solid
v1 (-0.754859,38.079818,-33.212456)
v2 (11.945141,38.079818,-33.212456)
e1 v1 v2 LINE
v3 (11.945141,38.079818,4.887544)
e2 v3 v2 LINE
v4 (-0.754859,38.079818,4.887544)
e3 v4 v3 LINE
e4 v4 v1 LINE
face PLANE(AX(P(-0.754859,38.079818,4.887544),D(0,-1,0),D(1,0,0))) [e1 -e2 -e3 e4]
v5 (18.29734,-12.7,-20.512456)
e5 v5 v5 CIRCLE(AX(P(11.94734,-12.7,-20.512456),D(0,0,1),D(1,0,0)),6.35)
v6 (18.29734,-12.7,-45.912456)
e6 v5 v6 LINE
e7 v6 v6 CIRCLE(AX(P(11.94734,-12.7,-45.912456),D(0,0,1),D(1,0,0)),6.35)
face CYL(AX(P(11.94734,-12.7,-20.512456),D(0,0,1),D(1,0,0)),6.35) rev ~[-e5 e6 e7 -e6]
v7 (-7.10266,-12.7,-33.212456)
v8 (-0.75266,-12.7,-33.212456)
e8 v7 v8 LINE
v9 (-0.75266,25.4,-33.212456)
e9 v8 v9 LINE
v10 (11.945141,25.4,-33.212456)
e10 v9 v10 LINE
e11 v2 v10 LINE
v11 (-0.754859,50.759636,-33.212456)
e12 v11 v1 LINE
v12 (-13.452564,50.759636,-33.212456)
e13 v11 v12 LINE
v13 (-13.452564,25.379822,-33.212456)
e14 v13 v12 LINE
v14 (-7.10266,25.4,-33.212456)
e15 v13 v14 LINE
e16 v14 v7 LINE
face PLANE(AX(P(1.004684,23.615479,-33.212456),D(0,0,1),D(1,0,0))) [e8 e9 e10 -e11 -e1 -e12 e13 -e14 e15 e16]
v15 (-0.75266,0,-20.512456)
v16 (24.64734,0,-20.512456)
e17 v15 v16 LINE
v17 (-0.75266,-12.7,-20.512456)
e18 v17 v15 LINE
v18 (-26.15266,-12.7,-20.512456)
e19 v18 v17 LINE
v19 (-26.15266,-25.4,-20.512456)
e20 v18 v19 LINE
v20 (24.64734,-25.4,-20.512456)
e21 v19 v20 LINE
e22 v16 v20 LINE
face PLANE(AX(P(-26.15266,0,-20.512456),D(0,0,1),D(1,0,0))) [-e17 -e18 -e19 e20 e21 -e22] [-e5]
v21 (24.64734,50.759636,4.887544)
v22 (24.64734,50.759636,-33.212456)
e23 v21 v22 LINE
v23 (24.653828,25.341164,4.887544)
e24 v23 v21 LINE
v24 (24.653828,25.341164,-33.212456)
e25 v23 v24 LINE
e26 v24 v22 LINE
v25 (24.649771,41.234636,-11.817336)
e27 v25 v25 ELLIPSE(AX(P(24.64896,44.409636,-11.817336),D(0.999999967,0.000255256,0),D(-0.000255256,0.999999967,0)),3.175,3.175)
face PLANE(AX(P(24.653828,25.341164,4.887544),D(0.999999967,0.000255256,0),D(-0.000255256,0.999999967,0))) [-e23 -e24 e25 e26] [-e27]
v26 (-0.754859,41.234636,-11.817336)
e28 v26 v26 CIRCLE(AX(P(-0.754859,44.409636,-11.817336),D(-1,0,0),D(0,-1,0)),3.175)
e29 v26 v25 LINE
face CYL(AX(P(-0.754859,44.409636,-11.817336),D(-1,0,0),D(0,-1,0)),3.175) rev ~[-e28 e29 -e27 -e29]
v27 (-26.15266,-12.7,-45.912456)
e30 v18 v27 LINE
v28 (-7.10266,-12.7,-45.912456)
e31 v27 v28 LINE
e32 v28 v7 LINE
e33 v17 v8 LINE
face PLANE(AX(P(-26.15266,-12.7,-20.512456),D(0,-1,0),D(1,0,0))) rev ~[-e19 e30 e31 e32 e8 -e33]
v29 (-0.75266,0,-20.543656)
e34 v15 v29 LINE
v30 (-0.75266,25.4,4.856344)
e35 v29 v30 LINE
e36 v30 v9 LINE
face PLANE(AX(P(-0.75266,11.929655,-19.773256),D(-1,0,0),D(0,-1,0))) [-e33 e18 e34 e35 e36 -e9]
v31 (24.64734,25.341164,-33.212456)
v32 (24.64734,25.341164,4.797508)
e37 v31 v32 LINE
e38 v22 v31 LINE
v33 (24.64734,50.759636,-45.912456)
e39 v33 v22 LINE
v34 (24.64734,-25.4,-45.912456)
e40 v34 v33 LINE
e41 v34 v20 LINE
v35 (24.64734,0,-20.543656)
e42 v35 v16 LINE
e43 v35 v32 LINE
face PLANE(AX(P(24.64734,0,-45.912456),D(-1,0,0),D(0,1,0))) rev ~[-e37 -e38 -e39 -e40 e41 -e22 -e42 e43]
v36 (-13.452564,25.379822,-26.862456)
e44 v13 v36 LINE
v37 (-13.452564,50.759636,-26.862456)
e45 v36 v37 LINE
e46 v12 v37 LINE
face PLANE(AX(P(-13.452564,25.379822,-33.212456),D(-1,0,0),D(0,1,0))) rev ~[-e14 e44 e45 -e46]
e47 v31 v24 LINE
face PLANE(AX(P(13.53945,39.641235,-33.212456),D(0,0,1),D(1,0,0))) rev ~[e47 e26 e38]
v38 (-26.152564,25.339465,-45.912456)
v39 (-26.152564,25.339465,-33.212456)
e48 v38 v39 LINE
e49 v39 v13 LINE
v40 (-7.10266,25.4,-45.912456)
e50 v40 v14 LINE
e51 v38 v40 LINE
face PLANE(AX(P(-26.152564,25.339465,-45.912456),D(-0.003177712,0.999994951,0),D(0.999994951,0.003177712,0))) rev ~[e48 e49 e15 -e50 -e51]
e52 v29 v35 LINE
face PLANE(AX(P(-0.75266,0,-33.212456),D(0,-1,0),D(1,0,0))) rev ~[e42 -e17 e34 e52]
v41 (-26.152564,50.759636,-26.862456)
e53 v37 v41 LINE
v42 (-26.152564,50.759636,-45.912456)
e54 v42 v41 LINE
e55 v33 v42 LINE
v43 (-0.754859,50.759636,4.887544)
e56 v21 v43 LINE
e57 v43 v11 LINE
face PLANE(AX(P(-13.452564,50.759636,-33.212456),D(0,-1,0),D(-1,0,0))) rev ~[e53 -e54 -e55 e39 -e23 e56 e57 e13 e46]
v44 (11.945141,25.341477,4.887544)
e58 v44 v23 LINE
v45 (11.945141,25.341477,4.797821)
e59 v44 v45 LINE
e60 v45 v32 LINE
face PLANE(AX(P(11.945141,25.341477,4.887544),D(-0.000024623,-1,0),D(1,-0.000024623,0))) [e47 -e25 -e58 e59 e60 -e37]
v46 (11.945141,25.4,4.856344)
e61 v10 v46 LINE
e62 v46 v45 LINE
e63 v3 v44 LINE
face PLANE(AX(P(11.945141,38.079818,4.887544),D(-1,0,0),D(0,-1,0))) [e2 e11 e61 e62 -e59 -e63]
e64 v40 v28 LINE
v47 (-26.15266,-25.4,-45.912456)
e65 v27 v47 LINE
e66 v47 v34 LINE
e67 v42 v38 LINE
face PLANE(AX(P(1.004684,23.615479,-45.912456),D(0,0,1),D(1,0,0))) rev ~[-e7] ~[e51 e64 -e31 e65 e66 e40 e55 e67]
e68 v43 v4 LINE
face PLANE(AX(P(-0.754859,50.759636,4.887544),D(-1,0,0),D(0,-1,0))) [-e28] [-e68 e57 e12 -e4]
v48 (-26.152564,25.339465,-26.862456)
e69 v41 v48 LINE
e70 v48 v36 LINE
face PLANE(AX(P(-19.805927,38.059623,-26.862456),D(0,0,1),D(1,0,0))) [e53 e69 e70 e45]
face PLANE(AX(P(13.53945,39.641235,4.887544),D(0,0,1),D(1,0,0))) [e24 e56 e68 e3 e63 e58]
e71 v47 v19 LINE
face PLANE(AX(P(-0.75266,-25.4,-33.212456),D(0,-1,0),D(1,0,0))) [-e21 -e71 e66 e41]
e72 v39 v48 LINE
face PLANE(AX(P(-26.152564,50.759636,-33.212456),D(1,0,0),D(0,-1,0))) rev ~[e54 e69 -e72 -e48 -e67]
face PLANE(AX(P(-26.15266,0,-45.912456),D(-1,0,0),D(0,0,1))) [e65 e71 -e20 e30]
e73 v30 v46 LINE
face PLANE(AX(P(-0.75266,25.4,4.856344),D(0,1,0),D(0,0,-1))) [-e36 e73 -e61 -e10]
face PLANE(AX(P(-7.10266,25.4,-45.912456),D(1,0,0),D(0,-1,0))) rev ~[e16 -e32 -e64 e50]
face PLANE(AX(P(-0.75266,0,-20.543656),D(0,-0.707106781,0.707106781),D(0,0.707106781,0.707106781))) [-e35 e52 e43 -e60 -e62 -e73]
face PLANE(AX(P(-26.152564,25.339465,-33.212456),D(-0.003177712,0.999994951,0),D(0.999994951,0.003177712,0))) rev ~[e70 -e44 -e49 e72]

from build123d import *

# Parameters (mm, degrees)
F0_W      = 50.8
F0_H      = 25.4
F1_DEPTH  = 25.4
F2_W      = 25.4
F2_H      = 12.7
F2_R      = 6.35
F3_DEPTH  = 25.401
F6_DEPTH  = 25.4
F9_DEPTH  = 38.1
F12_DEPTH = 12.7
F14_DEPTH = 6.35
F15_R     = 3.175
F16_DEPTH = 25.4096862922
F17_DEPTH = 38.1322003911


with BuildPart() as f1:
    # F0 (on Front) → F1 (new body)
    with BuildSketch(Plane.XZ):
        with Locations((-0.7526604459, -33.2124557674)):
            Rectangle(F0_W, F0_H)
    extrude(amount=F1_DEPTH)

    # F2 (on face) → F3 (cut, through all)
    with BuildSketch(Plane.XY.offset(-20.5124557674)):
        with Locations((-13.4526604459, -6.35)):
            Rectangle(F2_W, F2_H)
        with Locations((11.9473395541, -12.7)):
            Circle(F2_R)
    extrude(amount=-F3_DEPTH, mode=Mode.SUBTRACT)

    # F5 (on offset) → F6 (join)
    with BuildSketch(Plane(origin=(-0.7526604459, 0, 0), x_dir=(0, -1, 0), z_dir=(-1, 0, 0))):
        Polygon((0, -20.5436561584), (-25.4, 4.8563438416), (-25.4, -33.2436561584), (12.6998899505, -33.2436561584), align=None)
    extrude(amount=-F6_DEPTH)

    # F8 (on offset) → F9 (join)
    with BuildSketch(Plane.XY.offset(4.8875442326)):
        Polygon((-0.7548585206, 50.7596358657), (-0.7548585206, 38.0798179328), (11.9451414794, 38.0798179328), (11.9451414794, 25.3414772451), (24.6538277715, 25.3411643207), (24.6473395541, 50.7596358657), align=None)
    extrude(amount=-F9_DEPTH)

    # F11 (on offset) → F12 (join)
    with BuildSketch(Plane.XY.offset(-45.9124557674)):
        Polygon((24.6473395541, 50.7596358657), (-0.7548585206, 50.7596358657), (-26.1525642636, 50.7596358657), (-26.1525642636, 25.3394645815), (-7.1026604459, 25.4), (-7.1026604459, -12.7), (-0.7526574773, -12.7), (-0.7526574773, 0), (24.6473395541, 0), align=None)
    extrude(amount=F12_DEPTH)

    # F13 (on face) → F14 (join)
    with BuildSketch(Plane.XY.offset(-33.2124557674)):
        Polygon((-13.4525642636, 25.3798217309), (-13.4525642636, 50.7596358657), (-26.1525642636, 50.7596358657), (-26.1525642636, 25.3394645815), align=None)
    extrude(amount=F14_DEPTH)

    # F15 (on face) → F16 (cut, through all)
    with BuildSketch(Plane(origin=(-0.7548585206, 0, 0), x_dir=(0, -1, 0), z_dir=(-1, 0, 0))):
        with Locations((-44.4096358657, -11.8173363179)):
            Circle(F15_R)
    extrude(amount=-F16_DEPTH, mode=Mode.SUBTRACT)

    # F17 (cut, through all): a face of the model
    f17_faces = [f1.faces().sort_by_distance(p)[0] for p in [
        (11.9473395541, -10.0049168283, -33.2436561584),
    ]]
    extrude(f17_faces, amount=-F17_DEPTH, mode=Mode.SUBTRACT)


solid = f1.part
